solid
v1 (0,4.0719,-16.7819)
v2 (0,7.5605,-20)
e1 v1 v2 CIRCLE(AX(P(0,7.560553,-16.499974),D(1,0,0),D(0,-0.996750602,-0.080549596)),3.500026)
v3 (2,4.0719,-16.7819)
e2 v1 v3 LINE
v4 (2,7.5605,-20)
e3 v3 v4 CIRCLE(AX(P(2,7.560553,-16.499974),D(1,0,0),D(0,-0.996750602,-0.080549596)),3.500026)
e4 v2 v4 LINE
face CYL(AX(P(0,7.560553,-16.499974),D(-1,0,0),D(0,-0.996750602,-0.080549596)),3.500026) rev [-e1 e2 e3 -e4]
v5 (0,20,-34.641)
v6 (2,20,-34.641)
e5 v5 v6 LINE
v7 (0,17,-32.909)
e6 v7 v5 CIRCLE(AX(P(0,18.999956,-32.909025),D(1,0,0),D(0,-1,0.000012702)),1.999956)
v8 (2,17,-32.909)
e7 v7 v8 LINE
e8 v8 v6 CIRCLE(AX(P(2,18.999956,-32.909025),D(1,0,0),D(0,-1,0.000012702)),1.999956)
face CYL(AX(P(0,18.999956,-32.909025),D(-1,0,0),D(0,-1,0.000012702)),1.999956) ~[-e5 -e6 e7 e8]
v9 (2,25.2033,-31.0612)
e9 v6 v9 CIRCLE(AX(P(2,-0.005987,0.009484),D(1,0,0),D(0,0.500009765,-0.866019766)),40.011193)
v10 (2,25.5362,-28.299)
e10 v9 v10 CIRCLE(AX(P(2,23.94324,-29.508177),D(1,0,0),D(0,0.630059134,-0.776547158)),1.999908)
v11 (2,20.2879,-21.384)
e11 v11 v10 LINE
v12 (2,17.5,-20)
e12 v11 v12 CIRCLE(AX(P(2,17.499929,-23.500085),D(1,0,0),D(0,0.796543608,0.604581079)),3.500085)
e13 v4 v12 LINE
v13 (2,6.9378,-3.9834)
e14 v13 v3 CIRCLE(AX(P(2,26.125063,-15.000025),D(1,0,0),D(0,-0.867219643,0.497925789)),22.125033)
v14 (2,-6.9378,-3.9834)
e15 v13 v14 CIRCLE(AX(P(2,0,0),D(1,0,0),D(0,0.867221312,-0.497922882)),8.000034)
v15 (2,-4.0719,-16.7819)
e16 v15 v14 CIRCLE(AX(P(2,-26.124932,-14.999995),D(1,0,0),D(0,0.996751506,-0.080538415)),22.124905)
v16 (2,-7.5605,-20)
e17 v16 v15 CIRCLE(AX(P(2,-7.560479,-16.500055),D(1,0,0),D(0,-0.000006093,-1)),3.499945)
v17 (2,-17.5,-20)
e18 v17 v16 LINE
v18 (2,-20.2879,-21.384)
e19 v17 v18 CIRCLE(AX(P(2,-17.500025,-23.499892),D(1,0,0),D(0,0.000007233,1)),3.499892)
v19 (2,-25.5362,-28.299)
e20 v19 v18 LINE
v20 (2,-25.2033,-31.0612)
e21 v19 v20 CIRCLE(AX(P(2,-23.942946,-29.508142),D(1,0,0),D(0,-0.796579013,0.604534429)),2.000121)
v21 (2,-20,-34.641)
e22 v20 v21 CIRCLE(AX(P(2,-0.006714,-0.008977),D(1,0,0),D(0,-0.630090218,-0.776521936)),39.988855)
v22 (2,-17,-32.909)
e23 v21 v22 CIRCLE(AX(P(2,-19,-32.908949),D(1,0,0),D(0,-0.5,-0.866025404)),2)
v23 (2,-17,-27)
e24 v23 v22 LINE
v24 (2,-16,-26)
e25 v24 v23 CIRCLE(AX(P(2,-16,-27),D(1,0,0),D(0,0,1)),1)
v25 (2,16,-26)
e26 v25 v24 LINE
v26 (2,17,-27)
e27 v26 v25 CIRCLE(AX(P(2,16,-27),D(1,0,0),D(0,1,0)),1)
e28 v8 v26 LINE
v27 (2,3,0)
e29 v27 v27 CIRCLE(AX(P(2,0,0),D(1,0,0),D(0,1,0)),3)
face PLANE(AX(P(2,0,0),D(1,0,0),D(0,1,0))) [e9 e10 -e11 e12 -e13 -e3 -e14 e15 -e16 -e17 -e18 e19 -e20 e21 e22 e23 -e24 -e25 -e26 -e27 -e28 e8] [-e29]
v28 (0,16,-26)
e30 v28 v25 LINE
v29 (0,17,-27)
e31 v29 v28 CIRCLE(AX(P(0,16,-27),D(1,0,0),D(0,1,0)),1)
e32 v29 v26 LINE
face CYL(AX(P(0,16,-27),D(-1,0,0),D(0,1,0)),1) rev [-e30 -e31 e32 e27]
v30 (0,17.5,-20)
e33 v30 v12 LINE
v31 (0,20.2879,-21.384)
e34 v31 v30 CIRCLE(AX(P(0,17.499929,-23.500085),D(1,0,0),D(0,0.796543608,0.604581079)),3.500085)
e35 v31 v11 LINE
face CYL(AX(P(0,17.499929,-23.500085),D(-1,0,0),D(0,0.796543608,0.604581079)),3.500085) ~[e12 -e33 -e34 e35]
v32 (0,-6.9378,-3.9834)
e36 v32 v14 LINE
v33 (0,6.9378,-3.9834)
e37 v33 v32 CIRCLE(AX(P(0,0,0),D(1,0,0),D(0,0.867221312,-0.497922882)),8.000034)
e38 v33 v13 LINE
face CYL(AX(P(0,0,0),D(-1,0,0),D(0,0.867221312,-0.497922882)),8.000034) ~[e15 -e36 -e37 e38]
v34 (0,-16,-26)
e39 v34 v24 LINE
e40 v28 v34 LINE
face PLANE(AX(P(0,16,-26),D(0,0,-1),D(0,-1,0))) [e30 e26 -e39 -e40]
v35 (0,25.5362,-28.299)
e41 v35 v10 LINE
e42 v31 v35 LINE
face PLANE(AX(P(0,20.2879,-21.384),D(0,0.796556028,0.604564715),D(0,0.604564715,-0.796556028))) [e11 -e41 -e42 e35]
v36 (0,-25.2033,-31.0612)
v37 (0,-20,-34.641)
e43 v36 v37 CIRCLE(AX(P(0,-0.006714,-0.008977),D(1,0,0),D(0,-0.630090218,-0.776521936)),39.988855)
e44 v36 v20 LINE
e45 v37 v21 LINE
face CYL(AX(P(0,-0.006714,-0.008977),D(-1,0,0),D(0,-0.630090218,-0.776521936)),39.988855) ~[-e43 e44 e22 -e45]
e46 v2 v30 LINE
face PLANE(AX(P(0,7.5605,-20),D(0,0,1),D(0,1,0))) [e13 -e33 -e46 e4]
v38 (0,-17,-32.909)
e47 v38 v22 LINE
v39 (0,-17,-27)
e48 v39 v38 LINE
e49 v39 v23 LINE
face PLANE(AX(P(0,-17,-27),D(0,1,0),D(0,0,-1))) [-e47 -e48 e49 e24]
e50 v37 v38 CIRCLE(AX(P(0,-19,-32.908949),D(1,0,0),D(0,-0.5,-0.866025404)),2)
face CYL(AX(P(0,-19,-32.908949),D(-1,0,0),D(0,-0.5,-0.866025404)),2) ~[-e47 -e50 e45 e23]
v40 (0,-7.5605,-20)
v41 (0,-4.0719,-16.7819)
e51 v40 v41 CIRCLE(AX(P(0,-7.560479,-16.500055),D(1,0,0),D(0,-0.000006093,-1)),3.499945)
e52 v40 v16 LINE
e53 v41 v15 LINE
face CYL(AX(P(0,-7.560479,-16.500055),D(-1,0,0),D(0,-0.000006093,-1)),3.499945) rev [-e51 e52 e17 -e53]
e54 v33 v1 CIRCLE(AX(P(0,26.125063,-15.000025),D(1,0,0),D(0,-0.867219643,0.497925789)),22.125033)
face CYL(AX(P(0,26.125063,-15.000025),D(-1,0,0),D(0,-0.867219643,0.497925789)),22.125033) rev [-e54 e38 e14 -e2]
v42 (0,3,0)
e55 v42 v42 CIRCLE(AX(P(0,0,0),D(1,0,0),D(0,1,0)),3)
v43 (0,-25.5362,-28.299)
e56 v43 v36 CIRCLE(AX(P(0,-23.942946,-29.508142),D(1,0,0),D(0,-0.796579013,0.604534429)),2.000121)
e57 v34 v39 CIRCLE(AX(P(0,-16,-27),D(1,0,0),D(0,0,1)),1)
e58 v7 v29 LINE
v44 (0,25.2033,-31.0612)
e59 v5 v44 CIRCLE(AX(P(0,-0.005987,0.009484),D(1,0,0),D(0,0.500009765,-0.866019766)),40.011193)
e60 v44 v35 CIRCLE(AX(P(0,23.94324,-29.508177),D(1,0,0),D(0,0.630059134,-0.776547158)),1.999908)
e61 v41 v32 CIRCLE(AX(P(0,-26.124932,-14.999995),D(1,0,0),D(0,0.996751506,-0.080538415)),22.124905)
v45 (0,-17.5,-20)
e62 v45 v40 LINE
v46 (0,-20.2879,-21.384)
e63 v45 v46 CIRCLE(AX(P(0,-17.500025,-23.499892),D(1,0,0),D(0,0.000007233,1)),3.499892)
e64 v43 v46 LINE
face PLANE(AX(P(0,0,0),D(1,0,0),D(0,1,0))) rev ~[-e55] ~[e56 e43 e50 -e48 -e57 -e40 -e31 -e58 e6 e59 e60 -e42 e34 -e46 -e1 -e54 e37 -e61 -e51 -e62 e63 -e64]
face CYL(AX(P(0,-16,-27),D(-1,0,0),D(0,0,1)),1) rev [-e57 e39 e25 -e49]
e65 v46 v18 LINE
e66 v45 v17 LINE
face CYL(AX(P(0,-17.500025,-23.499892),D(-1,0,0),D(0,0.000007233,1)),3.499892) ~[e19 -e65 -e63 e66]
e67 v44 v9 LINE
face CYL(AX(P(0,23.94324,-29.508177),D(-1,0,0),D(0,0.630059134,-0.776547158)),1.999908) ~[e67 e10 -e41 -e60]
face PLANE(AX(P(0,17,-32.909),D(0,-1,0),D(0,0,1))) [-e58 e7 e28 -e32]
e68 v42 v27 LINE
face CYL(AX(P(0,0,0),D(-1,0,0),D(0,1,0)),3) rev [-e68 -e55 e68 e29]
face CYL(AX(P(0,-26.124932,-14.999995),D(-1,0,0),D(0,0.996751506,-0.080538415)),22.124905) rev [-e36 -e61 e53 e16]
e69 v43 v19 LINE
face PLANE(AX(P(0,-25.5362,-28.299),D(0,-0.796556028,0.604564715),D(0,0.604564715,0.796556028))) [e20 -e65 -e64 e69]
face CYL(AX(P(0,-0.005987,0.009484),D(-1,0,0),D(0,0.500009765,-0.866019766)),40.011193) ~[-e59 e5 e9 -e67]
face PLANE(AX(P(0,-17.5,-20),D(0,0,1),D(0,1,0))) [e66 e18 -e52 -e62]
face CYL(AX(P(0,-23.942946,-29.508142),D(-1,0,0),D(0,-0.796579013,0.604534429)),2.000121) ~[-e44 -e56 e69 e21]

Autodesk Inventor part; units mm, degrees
ref_plane "YZ Plane" through (0, 0, 0) normal (1, 0, 0) x (0, 1, 0)
ref_plane "XZ Plane" through (0, 0, 0) normal (0, 1, 0) x (-1, 0, 0)
ref_plane "XY Plane" through (0, 0, 0) normal (0, 0, 1) x (1, 0, 0)
sketch "スケッチ1" plane through (0, 0, 0) normal (1, 0, 0) x (0, 1, 0)
  circle A0 centre (0, 0) radius 3
  circle A1 centre (0, 0) radius 5 construction
  arc A2 (6.9378, -3.9834) -> (-6.9378, -3.9834) centre (0, 0) ccw
  arc A3 (6.9378, -3.9834) -> (4.0719, -16.7819) centre (26.125, -15) ccw
  arc A4 (-4.0719, -16.7819) -> (-6.9378, -3.9834) centre (-26.125, -15) ccw
  arc A5 (4.0719, -16.7819) -> (7.5605, -20) centre (7.5605, -16.5) ccw
  arc A6 (-7.5605, -20) -> (-4.0719, -16.7819) centre (-7.5605, -16.5) ccw
  line L0 (7.5605, -20) -> (17.5, -20)
  line L1 (20.2879, -21.384) -> (25.5362, -28.299)
  line L2 (17, -32.909) -> (17, -27)
  line L3 (16, -26) -> (-16, -26)
  line L4 (-17, -27) -> (-17, -32.909)
  line L5 (-25.5362, -28.299) -> (-20.2879, -21.384)
  line L6 (-17.5, -20) -> (-7.5605, -20)
  arc A7 (-25.2033, -31.0612) -> (-20, -34.641) centre (0, 0) ccw
  arc A8 (20, -34.641) -> (25.2033, -31.0612) centre (0, 0) ccw
  arc A9 (25.2033, -31.0612) -> (25.5362, -28.299) centre (23.9431, -29.5081) ccw
  arc A10 (17, -32.909) -> (20, -34.641) centre (19, -32.909) ccw
  arc A11 (-20, -34.641) -> (-17, -32.909) centre (-19, -32.909) ccw
  arc A12 (-25.5362, -28.299) -> (-25.2033, -31.0612) centre (-23.9431, -29.5081) ccw
  arc A13 (-17.5, -20) -> (-20.2879, -21.384) centre (-17.5, -23.5) ccw
  arc A14 (20.2879, -21.384) -> (17.5, -20) centre (17.5, -23.5) ccw
  line L7 (0, 0) -> (0, -40) construction
  arc A15 (-20, -34.641) -> (20, -34.641) centre (0, 0) ccw construction
  arc A16 (17, -27) -> (16, -26) centre (16, -27) ccw
  arc A17 (-16, -26) -> (-17, -27) centre (-16, -27) ccw
  line L8 (4, 0) -> (4, -38.6169) construction
  line L9 (26.125, -15) -> (-26.125, -15) construction
  point P0 (26.6783, -29.8038)
  point P1 (17, -36.2077)
  point P2 (-17, -36.2077)
  point P3 (-26.6783, -29.8038)
  dimension "d0" = 10
  dimension "d1" = 2
  dimension "d2" = 3.5
  dimension "d4" = 1
  dimension "d5" = 8
  dimension "d6" = 6
  dimension "d7" = 8
  dimension "d8" = 26
  dimension "d9" = 6
  dimension "d10" = 6
  dimension "d11" = 34
  dimension "d12" = 15
  dimension "d13" = 35
  dimension "d16" = 14
extrude "押し出し1" add sketch "スケッチ1" along normal blind 2
properties part number "camera_stay"
